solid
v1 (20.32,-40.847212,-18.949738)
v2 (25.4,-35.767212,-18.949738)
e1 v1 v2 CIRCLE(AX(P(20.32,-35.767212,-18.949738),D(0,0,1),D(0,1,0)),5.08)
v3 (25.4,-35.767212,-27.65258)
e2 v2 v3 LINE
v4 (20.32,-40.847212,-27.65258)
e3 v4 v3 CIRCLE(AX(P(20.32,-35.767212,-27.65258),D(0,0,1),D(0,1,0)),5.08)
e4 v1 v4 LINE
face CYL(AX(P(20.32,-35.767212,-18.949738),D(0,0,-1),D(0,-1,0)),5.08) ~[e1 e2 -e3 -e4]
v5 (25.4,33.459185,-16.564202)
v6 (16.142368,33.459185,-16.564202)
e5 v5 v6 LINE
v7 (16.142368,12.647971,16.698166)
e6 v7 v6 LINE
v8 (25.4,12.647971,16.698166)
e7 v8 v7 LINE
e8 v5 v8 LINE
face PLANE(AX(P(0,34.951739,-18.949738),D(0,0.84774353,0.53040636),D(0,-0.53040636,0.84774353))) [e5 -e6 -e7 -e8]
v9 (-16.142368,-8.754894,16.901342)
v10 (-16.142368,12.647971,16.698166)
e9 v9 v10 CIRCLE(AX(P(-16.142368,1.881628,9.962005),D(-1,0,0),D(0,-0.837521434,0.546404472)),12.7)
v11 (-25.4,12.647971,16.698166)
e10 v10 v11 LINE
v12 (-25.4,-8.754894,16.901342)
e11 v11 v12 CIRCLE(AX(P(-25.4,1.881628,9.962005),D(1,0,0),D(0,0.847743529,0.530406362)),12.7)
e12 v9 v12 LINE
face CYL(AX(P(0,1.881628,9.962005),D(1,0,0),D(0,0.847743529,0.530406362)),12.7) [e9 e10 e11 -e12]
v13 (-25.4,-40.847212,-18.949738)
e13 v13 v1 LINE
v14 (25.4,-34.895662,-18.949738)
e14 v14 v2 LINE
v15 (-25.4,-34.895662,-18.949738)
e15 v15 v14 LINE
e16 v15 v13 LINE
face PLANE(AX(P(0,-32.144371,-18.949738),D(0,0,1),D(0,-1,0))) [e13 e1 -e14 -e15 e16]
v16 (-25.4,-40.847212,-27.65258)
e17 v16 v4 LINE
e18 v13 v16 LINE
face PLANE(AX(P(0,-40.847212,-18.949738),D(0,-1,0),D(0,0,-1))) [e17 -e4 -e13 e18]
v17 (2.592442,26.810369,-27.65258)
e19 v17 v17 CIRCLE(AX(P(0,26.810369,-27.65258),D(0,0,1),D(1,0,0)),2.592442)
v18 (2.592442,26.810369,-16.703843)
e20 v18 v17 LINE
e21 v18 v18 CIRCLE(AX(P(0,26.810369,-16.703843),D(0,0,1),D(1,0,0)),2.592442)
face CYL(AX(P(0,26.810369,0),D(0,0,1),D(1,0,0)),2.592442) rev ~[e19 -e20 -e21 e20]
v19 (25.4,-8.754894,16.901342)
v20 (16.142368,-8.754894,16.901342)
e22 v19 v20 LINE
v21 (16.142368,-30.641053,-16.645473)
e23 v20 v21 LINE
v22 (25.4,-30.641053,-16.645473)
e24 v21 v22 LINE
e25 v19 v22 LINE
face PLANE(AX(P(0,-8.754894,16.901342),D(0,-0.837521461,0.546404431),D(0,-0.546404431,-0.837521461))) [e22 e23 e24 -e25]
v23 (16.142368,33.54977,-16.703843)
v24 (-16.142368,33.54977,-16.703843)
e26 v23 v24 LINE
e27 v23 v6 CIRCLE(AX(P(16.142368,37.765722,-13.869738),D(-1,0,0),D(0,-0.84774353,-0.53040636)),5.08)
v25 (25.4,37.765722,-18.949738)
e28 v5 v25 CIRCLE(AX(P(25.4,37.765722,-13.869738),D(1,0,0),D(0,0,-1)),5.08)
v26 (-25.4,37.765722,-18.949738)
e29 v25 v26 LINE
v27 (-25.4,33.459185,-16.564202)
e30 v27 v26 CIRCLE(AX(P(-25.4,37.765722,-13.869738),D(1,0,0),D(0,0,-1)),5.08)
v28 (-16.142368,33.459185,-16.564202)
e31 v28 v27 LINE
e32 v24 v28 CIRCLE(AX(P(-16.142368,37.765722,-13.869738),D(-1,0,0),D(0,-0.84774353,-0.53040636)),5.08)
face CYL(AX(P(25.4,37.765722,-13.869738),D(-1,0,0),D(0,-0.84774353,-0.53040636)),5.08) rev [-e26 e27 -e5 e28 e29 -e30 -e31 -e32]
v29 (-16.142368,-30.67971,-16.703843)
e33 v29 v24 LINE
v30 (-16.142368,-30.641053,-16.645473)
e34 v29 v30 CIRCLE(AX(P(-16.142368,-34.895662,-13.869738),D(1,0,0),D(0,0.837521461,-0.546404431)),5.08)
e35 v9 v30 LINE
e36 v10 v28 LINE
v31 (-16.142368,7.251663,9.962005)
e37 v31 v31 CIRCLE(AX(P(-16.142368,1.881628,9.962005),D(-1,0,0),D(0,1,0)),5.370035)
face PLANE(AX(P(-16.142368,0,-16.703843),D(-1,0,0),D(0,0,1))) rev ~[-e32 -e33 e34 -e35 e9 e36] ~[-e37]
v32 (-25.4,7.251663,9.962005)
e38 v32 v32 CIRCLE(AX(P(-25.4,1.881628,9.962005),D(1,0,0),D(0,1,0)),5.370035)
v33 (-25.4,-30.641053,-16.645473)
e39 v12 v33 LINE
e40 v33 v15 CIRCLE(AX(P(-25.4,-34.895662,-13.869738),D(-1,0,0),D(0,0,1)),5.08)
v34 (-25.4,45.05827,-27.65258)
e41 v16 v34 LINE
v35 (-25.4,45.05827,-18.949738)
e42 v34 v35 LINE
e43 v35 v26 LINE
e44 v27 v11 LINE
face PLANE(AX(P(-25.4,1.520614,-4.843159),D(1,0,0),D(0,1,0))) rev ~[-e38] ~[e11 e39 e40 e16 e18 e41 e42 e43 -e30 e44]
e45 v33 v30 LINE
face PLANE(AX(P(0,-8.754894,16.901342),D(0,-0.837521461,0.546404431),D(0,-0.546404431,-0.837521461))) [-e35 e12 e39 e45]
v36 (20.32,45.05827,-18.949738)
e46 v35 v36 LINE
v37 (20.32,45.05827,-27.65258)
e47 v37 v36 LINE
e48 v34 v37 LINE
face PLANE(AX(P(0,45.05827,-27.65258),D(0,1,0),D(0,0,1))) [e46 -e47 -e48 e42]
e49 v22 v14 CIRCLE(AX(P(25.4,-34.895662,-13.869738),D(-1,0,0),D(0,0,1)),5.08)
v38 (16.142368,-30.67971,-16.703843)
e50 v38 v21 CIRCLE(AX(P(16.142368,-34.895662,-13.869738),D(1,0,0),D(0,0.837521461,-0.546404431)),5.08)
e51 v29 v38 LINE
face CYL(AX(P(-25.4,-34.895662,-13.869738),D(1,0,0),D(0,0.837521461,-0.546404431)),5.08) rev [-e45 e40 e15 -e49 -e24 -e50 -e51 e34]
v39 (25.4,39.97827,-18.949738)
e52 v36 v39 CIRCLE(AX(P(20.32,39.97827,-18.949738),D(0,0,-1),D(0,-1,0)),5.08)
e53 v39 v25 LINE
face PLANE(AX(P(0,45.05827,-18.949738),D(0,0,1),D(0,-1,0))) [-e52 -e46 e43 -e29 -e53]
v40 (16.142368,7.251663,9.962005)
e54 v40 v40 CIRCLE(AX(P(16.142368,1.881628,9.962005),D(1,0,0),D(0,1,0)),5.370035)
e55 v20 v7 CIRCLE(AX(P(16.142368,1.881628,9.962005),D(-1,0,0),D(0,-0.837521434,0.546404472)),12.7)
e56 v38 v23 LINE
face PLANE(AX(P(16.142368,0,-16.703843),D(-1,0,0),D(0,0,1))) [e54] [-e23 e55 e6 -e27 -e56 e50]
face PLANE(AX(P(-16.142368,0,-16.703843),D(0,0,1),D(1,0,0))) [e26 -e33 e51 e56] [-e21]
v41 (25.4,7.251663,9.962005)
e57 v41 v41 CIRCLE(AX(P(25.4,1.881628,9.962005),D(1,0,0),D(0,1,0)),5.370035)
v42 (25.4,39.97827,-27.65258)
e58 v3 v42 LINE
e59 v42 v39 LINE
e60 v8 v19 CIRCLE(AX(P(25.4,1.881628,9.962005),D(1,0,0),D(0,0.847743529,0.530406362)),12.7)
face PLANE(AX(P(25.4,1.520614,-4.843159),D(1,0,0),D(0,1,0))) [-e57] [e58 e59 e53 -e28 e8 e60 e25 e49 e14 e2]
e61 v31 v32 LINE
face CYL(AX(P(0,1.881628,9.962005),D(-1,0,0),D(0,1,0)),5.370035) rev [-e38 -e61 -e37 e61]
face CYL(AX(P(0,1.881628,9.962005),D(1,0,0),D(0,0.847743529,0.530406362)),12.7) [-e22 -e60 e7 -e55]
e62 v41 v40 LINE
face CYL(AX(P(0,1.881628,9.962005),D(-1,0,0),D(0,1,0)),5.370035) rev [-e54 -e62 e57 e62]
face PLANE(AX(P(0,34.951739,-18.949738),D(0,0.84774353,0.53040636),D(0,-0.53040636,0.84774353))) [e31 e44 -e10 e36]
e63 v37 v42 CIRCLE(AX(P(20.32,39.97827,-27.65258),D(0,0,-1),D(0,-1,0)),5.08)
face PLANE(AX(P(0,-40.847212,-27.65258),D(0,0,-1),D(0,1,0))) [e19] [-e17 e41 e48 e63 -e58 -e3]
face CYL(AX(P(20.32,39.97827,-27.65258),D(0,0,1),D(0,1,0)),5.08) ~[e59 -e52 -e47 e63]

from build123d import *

# Parameters (mm, degrees)
F0_R          = 5.370035
F1_DEPTH      = 25.4
F2_R          = 5.08
F3_W          = 32.284736
F3_H          = 39.864631
F4_DEPTH      = 40.848212
F4_DEPTH_BACK = 50.8
F5_R          = 2.592442
F6_DEPTH      = 27.65358


with BuildPart() as f1:
    # F0 (on Right) → F1 (new body, symmetric)
    with BuildSketch(Plane.YZ):
        with BuildLine():
            Line((-8.754894, 16.901342), (-32.144371, -18.949738))
            Line((-32.144371, -18.949738), (34.951739, -18.949738))
            Line((34.951739, -18.949738), (12.647971, 16.698166))
            ThreePointArc((12.647971, 16.698166), (2.002183, 22.661433), (-8.754894, 16.901342))
        make_face()
        with Locations((1.881628, 9.962005)):
            Circle(F0_R, mode=Mode.SUBTRACT)
        Polygon((-32.144371, -18.949738), (-40.847212, -18.949738), (-40.847212, -27.65258), (45.05827, -27.65258), (45.05827, -18.949738), (34.951739, -18.949738), align=None)
    extrude(amount=F1_DEPTH, both=True)

    # F2
    f2_edges = [f1.edges().sort_by_distance(p)[0] for p in [
        (25.4, -40.847212, -23.301159),
        (25.4, 45.05827, -23.301159),
        (0, -32.144371, -18.949738),
        (0, 34.951739, -18.949738),
    ]]
    fillet(f2_edges, radius=F2_R)

    # F3 (on Front) → F4 (cut, two sides)
    with BuildSketch(Plane.XZ) as f4_sk:
        with Locations((0, 3.228473)):
            Rectangle(F3_W, F3_H)
    extrude(amount=F4_DEPTH, mode=Mode.SUBTRACT)
    extrude(f4_sk.sketch, amount=-F4_DEPTH_BACK, mode=Mode.SUBTRACT)

    # F5 (on Top) → F6 (cut, through all)
    with BuildSketch(Plane.XY):
        with Locations((0, 26.810369)):
            Circle(F5_R)
    extrude(amount=-F6_DEPTH, mode=Mode.SUBTRACT)


solid = f1.part
